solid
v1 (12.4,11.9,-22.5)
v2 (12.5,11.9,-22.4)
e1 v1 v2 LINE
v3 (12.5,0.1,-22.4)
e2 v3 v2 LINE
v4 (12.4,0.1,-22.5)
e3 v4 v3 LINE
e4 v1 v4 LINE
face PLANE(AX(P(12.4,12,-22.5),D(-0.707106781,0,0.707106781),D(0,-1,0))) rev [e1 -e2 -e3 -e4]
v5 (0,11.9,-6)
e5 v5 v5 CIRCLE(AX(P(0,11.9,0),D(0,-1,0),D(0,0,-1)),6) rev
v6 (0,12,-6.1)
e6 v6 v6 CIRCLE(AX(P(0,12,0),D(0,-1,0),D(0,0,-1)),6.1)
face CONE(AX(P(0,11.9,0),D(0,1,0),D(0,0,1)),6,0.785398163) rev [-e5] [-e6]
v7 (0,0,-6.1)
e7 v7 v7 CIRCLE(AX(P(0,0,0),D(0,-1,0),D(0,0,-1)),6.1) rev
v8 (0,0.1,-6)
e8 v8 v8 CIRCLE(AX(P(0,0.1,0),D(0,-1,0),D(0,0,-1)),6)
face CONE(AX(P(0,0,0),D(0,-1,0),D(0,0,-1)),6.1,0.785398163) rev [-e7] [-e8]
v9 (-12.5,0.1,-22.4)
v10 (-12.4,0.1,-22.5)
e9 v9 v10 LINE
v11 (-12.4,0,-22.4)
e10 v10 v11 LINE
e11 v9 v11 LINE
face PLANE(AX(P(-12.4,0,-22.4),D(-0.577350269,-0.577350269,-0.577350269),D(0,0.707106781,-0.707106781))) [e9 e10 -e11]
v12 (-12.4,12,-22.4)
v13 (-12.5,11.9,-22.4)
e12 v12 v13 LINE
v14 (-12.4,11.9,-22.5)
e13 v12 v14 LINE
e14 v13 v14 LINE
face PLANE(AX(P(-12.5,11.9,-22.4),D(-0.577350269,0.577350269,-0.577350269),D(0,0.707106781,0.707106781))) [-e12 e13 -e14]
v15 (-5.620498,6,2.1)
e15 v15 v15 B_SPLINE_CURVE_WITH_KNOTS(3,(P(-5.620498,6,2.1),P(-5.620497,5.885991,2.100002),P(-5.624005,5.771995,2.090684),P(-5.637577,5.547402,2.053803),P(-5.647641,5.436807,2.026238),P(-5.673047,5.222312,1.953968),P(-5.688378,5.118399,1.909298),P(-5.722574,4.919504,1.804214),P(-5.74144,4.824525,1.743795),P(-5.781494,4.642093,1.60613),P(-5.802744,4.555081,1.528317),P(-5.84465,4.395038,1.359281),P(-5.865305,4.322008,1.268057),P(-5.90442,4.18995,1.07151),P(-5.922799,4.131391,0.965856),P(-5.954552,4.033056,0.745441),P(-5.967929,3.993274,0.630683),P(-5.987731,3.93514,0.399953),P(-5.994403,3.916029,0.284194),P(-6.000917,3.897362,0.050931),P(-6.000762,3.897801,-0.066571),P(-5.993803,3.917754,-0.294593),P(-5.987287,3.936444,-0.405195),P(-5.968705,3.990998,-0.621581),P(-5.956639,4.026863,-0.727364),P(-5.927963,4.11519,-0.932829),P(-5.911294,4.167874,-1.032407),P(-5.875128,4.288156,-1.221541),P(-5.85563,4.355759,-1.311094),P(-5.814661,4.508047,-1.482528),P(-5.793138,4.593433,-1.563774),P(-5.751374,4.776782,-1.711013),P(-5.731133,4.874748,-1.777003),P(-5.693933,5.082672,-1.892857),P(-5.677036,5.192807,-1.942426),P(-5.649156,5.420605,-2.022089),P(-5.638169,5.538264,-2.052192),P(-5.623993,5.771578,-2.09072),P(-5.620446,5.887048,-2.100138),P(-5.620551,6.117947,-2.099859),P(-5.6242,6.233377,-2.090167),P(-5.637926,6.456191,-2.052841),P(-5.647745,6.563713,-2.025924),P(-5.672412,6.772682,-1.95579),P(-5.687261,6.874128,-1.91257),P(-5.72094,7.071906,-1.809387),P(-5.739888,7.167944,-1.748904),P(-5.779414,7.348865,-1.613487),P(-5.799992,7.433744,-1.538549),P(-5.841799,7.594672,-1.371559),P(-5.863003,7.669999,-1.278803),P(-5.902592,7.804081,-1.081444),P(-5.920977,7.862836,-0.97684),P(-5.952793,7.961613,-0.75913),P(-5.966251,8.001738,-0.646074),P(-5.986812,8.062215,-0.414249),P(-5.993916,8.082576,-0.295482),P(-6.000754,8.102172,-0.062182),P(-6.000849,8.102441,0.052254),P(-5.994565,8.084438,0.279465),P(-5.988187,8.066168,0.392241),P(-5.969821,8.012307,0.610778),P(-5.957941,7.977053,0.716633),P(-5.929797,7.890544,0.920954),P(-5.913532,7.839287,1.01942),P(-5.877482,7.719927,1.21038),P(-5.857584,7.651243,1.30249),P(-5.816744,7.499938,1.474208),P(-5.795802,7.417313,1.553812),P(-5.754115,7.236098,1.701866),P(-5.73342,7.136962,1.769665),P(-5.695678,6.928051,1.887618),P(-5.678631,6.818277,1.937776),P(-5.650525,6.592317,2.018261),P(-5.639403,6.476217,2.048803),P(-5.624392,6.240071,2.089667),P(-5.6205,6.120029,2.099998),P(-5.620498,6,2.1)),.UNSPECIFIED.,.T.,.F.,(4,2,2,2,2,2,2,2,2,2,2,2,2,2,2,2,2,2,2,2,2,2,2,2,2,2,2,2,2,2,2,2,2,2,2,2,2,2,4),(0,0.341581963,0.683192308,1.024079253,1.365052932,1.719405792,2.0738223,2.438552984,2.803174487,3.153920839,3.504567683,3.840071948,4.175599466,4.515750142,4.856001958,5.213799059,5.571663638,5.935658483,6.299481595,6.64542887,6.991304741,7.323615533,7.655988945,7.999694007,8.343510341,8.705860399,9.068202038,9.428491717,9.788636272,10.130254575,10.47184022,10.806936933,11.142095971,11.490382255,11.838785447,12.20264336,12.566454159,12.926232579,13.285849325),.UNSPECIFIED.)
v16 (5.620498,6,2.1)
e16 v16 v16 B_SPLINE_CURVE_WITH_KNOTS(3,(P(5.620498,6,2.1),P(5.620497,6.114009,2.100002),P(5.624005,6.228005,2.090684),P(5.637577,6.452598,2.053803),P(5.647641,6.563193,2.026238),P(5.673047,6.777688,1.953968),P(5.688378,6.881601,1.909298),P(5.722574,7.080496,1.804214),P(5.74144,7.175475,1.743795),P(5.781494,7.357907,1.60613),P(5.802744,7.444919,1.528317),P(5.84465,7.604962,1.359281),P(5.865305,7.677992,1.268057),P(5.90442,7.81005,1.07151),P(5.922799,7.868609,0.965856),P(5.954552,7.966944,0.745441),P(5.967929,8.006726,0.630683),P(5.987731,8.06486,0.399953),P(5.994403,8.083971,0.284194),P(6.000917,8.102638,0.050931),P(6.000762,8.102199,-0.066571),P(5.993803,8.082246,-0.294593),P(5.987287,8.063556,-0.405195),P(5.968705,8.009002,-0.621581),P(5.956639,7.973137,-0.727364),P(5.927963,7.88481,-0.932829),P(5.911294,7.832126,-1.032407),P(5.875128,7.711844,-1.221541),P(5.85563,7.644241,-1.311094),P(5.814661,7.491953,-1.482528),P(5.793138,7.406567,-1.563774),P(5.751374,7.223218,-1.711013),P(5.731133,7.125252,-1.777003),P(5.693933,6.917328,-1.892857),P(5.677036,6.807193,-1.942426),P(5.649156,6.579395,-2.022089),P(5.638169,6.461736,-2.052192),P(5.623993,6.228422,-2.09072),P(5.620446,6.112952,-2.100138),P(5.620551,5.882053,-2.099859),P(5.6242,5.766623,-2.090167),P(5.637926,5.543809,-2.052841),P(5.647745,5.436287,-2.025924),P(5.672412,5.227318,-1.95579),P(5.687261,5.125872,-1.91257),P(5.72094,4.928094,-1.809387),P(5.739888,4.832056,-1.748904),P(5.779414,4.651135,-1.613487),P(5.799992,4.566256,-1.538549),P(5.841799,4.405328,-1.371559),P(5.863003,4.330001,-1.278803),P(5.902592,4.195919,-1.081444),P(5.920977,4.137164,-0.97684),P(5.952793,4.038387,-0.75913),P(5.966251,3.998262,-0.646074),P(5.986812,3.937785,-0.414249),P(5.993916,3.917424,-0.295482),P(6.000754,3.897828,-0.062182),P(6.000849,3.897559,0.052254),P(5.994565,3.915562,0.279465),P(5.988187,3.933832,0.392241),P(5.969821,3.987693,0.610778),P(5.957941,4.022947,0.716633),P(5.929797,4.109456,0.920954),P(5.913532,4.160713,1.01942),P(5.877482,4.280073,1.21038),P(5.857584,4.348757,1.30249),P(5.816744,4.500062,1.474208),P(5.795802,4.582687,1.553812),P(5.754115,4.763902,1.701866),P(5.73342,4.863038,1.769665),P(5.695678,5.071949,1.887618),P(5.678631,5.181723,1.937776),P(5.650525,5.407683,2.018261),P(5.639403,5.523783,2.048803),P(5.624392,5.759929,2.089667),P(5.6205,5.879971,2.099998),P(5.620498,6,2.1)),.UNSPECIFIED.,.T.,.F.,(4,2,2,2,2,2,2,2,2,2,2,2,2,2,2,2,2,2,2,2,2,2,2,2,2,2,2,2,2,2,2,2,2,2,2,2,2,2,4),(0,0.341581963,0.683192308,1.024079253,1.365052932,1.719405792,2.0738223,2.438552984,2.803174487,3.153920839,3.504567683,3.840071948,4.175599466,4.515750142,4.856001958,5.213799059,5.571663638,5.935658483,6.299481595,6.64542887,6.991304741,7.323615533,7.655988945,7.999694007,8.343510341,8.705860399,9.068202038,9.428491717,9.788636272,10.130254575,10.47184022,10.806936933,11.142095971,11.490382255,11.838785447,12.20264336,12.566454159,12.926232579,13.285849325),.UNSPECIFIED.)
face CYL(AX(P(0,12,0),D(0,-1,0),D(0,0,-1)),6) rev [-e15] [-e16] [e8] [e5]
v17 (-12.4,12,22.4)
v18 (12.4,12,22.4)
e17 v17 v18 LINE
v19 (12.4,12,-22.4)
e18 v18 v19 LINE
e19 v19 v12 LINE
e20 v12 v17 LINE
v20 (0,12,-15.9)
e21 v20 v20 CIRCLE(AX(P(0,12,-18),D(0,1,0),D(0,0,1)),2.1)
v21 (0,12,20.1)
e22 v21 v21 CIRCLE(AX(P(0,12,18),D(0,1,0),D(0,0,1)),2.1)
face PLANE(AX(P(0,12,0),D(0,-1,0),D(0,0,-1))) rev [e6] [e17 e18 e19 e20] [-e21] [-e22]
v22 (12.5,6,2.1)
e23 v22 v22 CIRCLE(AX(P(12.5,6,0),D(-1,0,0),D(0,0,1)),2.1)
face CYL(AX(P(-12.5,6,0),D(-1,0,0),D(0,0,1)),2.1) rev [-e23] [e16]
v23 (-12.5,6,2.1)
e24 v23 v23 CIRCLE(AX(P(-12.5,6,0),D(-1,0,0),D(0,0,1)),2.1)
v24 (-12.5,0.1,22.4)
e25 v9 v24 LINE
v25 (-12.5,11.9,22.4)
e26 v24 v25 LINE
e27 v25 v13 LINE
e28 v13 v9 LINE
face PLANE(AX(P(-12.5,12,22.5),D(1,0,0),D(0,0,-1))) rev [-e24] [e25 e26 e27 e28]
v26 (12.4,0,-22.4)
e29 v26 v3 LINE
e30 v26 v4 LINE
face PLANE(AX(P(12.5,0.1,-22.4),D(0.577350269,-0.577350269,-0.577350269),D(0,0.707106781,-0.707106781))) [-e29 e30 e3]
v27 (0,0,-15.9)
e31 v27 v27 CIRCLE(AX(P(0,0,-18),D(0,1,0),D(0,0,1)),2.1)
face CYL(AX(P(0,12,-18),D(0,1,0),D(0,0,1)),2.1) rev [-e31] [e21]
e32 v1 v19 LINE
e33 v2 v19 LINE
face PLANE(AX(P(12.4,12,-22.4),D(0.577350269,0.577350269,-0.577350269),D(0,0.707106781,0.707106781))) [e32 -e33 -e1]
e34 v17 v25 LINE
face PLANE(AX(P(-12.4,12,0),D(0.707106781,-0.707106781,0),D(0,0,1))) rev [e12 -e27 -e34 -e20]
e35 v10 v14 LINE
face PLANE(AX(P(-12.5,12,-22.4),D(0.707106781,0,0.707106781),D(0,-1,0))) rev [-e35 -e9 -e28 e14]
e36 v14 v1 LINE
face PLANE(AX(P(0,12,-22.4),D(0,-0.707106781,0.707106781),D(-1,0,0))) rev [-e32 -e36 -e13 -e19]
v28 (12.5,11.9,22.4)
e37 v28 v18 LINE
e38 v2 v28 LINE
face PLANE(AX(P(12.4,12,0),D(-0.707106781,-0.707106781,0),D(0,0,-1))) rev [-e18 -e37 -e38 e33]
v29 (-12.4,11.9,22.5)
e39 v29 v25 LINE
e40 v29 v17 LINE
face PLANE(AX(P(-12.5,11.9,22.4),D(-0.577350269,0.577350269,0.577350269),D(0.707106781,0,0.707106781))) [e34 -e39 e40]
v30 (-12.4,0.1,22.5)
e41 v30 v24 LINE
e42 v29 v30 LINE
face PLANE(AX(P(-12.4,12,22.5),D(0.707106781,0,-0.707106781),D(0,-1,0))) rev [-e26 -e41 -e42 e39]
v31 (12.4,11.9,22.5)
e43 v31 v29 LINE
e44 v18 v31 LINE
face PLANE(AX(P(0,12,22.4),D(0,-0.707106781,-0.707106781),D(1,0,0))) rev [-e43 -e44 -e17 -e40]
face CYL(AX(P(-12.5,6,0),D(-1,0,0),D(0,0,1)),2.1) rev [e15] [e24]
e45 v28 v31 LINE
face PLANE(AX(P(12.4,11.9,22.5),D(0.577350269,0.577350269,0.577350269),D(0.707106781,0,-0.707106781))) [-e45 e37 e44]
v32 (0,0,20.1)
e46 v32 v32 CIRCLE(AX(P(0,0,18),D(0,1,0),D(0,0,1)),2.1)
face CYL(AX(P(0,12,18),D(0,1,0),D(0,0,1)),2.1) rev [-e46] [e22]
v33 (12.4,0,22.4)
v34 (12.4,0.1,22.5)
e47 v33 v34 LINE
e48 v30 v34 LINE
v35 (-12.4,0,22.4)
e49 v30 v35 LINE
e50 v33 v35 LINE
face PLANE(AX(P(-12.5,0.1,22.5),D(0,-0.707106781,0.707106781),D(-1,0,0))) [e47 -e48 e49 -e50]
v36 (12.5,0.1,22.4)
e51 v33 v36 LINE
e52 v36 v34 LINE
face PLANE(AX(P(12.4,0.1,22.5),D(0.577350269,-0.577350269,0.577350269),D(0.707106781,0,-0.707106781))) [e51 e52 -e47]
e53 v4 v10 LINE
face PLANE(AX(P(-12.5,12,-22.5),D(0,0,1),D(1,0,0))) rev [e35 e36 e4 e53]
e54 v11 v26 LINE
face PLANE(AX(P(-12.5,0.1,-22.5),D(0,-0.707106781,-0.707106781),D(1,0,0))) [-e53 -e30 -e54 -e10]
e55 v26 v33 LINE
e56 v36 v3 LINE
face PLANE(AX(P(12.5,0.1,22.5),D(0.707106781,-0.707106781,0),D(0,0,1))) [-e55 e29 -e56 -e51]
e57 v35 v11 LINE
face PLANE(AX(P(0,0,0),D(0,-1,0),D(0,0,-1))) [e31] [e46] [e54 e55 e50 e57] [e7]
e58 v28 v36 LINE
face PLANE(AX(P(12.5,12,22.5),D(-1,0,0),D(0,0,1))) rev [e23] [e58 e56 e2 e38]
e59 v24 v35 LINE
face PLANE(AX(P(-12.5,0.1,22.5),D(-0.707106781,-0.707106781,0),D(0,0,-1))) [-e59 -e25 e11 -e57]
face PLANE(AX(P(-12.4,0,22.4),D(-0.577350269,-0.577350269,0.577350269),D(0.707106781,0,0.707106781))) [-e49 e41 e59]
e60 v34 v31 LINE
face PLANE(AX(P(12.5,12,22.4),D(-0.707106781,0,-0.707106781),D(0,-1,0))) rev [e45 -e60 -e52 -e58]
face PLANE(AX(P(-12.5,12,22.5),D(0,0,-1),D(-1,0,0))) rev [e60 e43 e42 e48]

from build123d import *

# Parameters (mm, degrees)
SKETCH1_W           = 25
SKETCH1_H           = 45
SKETCH1_R           = 6
BOSS_EXTRUDE1_DEPTH = 12
M5_TAPPED_HOLE2_D   = 4.2
M5_TAPPED_HOLE3_D   = 4.2
CHAMFER1_SIZE       = 0.1


with BuildPart() as part:
    # Sketch1 → Boss-Extrude1 (new body)
    with BuildSketch(Plane(origin=(0, 0, 0), x_dir=(1, 0, 0), z_dir=(0, 1, 0))):
        Rectangle(SKETCH1_W, SKETCH1_H)
        Circle(SKETCH1_R, mode=Mode.SUBTRACT)
    extrude(amount=BOSS_EXTRUDE1_DEPTH)

    # M5 Tapped Hole2 (through all)
    with Locations(Plane(origin=(0, 12, 0), x_dir=(1, 0, 0), z_dir=(0, 1, 0))):
        with Locations((0, 18), (0, -18)):
            Hole(M5_TAPPED_HOLE2_D / 2)

    # M5 Tapped Hole3 (through all)
    with Locations(Plane.ZY.offset(12.5)):
        with Locations((0, 6)):
            Hole(M5_TAPPED_HOLE3_D / 2)

    # Chamfer1
    chamfer1_edges = [part.edges().sort_by_distance(p)[0] for p in [
        (-6, 0, 0),
        (-6, 12, 0),
        (-12.5, 12, 0),
        (0, 12, 22.5),
        (12.5, 12, 0),
        (0, 0, 22.5),
        (-12.5, 0, 0),
        (0, 0, -22.5),
        (12.5, 0, 0),
        (12.5, 6, 22.5),
        (-12.5, 6, 22.5),
        (-12.5, 6, -22.5),
        (12.5, 6, -22.5),
        (0, 12, -22.5),
    ]]
    chamfer(chamfer1_edges, length=CHAMFER1_SIZE)


solid = part.part
